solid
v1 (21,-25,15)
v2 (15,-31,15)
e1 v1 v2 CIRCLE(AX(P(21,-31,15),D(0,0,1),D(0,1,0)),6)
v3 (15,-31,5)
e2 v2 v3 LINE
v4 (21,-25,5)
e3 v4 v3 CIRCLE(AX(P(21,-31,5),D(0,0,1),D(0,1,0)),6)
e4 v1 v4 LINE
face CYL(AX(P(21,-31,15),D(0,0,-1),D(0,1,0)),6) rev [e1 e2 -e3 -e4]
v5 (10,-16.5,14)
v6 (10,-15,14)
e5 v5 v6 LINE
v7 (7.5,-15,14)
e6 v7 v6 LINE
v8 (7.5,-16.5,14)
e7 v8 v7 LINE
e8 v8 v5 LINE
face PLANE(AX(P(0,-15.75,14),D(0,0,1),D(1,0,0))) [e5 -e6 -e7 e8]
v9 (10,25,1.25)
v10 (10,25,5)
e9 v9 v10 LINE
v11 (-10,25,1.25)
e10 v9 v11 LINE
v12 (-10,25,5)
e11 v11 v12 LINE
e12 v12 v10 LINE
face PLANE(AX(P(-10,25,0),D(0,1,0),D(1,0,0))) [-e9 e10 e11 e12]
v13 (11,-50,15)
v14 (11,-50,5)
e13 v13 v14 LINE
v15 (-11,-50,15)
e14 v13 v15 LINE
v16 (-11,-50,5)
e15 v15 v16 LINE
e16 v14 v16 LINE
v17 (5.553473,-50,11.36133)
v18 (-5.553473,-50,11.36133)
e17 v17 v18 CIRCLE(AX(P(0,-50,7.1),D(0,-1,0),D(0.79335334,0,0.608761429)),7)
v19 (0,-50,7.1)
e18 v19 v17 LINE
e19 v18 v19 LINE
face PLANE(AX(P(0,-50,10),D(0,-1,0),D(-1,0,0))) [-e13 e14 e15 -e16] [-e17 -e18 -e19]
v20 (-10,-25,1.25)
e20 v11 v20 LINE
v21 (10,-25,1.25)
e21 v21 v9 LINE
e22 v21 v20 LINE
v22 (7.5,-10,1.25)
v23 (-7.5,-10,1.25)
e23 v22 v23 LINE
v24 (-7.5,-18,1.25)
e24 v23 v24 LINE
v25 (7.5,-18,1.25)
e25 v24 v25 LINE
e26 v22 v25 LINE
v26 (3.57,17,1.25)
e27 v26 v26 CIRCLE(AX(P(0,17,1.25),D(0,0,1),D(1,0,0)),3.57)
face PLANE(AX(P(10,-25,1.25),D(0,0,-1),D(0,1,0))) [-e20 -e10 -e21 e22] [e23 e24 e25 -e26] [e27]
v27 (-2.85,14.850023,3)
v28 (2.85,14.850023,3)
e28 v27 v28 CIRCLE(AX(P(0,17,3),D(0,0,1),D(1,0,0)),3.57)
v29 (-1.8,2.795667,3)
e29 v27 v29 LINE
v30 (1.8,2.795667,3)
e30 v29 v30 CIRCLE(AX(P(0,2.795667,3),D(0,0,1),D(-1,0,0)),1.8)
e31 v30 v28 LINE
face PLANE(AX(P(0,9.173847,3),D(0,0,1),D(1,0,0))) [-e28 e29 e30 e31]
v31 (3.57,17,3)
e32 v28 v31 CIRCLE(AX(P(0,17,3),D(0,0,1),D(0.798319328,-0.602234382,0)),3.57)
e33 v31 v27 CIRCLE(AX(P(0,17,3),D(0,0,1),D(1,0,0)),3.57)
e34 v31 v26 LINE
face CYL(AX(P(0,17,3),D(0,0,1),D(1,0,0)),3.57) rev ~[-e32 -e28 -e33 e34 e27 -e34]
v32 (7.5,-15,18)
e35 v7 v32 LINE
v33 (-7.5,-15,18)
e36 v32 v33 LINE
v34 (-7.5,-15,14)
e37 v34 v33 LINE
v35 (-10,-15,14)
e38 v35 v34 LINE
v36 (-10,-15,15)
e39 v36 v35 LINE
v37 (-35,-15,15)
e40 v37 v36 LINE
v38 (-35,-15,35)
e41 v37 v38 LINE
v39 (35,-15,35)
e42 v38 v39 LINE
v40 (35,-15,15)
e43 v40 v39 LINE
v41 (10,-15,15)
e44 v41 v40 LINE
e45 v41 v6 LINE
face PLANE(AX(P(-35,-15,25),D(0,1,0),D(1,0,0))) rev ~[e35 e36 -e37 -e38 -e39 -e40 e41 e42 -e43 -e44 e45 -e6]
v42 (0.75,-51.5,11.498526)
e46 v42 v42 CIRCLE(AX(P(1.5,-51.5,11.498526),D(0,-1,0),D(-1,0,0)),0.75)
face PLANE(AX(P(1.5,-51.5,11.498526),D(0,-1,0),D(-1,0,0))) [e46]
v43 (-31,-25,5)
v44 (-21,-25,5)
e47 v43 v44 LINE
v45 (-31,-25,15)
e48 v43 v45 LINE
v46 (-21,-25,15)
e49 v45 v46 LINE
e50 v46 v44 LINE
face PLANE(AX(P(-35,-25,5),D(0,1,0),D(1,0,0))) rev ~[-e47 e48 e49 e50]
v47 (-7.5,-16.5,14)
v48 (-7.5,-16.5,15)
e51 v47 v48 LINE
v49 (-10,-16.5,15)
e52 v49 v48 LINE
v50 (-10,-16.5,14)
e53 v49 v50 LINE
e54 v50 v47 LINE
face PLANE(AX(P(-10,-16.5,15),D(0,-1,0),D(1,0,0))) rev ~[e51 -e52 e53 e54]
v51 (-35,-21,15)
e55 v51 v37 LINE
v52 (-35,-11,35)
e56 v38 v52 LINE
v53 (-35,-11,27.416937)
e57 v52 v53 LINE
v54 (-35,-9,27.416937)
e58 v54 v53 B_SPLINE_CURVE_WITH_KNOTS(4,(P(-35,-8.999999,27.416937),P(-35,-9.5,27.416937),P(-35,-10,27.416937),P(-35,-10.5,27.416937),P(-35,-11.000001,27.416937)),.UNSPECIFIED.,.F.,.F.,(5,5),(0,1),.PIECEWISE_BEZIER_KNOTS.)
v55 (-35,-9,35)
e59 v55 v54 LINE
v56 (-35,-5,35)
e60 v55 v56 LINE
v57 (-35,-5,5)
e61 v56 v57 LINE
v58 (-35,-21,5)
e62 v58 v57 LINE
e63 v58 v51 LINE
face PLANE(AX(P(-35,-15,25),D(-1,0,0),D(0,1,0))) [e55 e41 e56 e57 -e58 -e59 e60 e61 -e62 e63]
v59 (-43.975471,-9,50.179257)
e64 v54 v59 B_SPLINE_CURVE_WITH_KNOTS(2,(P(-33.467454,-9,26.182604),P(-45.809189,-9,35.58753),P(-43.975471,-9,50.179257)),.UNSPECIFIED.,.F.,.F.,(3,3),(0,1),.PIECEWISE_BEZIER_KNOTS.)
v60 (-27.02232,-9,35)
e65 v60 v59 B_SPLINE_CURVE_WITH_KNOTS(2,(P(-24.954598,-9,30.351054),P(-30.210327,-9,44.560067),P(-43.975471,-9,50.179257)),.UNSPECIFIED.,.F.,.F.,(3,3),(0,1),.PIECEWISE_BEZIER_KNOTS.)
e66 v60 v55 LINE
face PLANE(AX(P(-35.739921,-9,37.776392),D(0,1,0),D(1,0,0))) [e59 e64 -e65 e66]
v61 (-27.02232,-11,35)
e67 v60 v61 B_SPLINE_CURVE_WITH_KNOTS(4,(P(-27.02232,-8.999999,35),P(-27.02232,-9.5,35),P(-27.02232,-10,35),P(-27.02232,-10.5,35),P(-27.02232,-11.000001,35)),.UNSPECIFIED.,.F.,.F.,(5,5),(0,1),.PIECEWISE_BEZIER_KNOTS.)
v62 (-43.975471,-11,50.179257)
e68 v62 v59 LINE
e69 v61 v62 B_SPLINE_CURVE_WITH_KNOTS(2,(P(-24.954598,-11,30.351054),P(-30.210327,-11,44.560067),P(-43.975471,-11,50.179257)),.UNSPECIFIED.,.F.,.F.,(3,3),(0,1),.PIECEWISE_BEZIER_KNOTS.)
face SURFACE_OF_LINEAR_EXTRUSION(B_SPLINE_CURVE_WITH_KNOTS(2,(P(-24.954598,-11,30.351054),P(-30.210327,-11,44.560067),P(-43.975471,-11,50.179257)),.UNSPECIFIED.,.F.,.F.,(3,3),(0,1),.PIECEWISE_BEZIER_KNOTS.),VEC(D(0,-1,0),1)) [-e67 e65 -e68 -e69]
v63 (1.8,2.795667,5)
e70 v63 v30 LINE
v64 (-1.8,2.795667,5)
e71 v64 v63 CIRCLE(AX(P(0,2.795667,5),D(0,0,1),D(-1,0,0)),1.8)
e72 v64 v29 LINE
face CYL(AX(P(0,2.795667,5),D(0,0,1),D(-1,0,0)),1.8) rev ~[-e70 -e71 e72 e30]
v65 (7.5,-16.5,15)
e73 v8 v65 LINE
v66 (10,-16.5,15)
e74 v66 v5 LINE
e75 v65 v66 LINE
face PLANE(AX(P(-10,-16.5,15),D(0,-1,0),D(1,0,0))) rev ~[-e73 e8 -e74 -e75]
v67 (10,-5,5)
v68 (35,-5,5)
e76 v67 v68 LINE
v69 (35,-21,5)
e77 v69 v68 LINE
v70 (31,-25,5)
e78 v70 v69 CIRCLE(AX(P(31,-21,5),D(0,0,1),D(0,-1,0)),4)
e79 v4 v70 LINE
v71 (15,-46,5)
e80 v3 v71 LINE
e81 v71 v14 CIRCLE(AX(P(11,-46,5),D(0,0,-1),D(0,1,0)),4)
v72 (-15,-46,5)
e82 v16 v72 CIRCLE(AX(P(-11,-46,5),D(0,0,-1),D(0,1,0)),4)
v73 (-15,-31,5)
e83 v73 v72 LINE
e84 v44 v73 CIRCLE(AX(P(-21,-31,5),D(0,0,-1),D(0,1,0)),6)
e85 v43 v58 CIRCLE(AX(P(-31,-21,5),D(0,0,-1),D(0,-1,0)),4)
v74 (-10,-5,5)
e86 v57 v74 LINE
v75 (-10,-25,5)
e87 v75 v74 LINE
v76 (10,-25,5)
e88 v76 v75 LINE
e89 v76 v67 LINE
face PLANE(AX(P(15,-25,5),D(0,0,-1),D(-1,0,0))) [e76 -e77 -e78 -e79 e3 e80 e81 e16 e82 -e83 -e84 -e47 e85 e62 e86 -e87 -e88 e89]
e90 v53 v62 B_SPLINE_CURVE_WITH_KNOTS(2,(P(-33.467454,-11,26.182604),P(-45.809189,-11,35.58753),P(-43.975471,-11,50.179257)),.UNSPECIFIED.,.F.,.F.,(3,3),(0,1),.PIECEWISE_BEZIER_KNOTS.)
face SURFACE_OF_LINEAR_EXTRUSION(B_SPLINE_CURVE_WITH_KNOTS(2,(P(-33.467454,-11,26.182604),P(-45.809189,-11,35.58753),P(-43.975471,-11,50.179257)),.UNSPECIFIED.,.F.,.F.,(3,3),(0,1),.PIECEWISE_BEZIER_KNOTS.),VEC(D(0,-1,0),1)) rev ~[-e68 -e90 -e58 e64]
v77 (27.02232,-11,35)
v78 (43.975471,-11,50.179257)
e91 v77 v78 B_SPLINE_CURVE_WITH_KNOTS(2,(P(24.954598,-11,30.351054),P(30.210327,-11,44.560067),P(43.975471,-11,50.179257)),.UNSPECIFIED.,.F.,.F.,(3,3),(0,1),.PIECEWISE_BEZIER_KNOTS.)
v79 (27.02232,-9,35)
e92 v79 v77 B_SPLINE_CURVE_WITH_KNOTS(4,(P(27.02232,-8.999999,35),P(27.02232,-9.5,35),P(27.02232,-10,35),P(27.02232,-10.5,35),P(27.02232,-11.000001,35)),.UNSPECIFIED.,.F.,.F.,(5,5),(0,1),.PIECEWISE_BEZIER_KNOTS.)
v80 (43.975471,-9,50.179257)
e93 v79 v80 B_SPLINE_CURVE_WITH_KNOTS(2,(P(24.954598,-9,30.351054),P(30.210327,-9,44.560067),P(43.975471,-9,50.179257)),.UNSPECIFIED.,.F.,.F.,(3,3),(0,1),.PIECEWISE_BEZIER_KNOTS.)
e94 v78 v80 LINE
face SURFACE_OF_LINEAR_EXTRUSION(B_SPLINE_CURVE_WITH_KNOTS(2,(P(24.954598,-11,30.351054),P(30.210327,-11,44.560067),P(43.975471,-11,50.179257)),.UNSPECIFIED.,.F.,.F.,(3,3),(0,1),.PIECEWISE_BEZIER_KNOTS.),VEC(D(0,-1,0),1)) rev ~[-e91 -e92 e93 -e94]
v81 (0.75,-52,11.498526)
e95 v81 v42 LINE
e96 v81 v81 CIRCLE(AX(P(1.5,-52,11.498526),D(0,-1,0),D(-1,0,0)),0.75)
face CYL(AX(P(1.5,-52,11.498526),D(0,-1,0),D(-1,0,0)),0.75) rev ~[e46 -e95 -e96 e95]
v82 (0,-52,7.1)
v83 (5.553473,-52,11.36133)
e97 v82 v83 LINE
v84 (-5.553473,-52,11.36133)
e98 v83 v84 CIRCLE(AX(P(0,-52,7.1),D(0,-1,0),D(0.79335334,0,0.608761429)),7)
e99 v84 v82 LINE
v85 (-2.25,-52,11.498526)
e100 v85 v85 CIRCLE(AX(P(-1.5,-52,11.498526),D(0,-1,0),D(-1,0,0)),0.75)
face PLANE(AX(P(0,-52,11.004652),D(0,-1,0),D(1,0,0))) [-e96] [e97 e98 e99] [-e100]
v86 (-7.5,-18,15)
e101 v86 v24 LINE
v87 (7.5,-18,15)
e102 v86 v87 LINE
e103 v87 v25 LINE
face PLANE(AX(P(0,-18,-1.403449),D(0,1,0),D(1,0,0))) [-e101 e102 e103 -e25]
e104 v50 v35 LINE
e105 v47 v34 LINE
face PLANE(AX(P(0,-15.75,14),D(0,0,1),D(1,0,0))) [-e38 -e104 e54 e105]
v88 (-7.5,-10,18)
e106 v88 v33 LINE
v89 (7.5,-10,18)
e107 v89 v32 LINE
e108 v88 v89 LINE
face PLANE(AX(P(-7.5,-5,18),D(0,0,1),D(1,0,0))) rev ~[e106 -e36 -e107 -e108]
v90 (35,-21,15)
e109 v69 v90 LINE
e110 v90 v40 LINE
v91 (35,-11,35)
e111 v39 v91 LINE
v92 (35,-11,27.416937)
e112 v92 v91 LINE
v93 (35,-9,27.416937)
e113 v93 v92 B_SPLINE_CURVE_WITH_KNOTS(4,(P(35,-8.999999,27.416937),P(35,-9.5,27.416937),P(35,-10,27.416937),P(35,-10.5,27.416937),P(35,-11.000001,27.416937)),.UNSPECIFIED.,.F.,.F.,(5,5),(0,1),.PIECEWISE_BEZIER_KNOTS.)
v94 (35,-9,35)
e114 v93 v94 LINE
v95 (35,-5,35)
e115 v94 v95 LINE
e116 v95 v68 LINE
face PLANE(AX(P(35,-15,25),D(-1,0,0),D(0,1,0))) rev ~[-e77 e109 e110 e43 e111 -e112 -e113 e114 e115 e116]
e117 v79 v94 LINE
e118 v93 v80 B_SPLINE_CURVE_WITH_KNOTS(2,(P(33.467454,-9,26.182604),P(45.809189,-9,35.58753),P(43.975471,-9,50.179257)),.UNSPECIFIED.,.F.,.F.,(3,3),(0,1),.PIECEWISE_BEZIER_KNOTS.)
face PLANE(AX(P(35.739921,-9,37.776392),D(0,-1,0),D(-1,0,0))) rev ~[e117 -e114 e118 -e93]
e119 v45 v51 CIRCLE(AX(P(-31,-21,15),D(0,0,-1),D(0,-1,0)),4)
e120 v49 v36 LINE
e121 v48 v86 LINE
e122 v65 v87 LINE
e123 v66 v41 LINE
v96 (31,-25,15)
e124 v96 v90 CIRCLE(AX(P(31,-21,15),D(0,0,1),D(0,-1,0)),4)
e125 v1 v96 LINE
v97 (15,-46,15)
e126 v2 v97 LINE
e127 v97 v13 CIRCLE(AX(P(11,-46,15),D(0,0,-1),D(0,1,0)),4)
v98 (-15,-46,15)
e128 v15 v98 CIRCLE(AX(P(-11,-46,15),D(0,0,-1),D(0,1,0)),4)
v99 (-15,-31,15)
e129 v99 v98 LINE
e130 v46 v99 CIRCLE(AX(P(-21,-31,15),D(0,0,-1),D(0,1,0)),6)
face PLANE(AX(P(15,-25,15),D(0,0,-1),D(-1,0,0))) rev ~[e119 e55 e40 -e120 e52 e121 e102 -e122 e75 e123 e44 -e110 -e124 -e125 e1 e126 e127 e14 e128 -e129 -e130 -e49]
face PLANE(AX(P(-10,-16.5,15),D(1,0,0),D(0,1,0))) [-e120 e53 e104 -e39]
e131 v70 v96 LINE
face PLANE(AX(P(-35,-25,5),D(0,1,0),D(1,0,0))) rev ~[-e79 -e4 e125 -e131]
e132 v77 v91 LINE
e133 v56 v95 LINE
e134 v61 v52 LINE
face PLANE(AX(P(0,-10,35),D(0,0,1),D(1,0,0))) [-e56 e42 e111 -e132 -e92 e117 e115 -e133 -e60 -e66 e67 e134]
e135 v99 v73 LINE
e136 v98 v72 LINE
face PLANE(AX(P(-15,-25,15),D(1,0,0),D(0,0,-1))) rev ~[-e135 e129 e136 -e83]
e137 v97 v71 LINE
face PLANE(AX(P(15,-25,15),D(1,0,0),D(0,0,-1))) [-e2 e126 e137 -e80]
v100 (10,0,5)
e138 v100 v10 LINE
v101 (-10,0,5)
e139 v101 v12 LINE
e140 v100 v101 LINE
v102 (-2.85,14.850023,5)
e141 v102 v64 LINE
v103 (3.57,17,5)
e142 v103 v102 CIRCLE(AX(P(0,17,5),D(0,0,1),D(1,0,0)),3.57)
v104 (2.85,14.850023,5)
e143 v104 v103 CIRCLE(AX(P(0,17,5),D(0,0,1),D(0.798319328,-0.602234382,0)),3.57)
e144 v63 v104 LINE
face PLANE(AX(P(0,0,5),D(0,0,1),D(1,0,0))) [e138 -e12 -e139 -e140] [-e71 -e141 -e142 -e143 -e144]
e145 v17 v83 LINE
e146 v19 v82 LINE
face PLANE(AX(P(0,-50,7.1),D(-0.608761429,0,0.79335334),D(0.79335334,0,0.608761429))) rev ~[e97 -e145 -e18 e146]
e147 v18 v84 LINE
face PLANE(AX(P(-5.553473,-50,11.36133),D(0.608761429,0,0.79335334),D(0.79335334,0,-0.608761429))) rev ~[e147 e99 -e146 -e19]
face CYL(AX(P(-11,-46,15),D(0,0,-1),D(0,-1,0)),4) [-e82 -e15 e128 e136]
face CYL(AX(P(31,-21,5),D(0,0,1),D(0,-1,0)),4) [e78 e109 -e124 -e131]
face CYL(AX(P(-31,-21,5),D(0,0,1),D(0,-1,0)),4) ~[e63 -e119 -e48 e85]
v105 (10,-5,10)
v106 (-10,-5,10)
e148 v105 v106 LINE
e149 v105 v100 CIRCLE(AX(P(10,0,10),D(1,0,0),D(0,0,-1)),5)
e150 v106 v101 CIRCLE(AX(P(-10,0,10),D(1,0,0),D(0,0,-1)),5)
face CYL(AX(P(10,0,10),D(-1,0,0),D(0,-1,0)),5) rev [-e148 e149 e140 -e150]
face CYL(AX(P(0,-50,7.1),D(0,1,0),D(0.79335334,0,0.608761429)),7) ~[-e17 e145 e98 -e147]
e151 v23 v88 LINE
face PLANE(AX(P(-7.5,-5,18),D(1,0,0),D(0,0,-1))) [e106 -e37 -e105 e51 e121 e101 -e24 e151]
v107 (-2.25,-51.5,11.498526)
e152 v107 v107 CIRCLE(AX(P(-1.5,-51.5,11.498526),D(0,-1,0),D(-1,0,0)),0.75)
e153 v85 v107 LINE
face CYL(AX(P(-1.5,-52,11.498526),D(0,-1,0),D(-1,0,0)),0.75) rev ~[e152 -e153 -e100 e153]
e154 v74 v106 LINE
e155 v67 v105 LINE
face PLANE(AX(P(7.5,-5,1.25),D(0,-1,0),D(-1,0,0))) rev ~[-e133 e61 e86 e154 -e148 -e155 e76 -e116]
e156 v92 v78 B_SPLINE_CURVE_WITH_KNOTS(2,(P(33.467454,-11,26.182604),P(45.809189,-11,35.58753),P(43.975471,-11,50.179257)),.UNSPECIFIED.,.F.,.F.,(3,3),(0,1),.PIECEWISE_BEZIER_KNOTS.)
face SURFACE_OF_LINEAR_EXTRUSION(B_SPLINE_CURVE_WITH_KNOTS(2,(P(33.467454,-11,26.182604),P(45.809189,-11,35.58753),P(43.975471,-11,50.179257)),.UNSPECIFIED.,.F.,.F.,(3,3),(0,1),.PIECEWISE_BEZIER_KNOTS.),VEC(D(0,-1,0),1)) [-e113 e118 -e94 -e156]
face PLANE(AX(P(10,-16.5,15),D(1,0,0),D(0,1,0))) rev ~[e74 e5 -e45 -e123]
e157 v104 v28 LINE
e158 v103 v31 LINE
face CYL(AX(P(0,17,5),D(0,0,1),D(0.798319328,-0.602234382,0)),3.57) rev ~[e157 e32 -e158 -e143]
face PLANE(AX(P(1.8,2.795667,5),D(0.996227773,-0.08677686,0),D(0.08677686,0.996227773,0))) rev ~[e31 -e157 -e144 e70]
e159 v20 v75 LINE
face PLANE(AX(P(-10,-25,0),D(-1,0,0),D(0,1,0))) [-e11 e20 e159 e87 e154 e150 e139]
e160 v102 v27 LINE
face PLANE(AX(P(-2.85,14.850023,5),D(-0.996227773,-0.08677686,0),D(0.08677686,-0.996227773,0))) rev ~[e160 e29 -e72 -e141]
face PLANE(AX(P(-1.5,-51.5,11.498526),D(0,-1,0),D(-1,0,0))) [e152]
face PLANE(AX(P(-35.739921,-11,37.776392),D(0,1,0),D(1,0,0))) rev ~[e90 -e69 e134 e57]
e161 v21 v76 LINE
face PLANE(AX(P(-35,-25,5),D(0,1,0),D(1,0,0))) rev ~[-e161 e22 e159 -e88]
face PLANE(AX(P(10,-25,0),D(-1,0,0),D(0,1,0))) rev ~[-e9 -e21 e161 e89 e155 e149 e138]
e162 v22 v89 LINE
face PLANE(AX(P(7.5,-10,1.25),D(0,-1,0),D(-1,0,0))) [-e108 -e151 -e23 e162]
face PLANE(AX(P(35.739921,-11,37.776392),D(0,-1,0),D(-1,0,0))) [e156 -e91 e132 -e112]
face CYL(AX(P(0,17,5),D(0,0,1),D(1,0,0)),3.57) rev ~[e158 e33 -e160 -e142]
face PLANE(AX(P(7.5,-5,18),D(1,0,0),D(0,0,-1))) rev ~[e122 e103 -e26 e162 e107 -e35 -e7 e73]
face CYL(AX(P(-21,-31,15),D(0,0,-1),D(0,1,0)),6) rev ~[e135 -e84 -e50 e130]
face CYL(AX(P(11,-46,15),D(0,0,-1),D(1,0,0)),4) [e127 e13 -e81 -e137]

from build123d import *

# Parameters (mm, degrees)
SKETCH3_W            = 20
SKETCH3_H            = 50
BOSS_EXTRUDE3_DEPTH  = 5
CUT_EXTRUDE2_DEPTH   = 2
SKETCH6_R            = 3.57
CUT_EXTRUDE3_DEPTH   = 3
SKETCH8_W            = 1.25
SKETCH8_H            = 50
CUT_EXTRUDE5_DEPTH   = 30
SKETCH9_W            = 70
SKETCH9_H            = 20
BOSS_EXTRUDE4_DEPTH  = 20
SKETCH10_W           = 70
SKETCH10_H           = 10
CUT_EXTRUDE6_DEPTH   = 10
SKETCH11_W           = 30
SKETCH11_H           = 10
BOSS_EXTRUDE5_DEPTH  = 25
SKETCH12_W           = 20
SKETCH12_H           = 1.5
CUT_EXTRUDE7_DEPTH   = 1
SKETCH13_W           = 15
SKETCH13_H           = 38.806898948
CUT_EXTRUDE8_DEPTH   = 13
BOSS_EXTRUDE6_DEPTH  = 2
SKETCH16_R           = 0.75
CUT_EXTRUDE9_DEPTH   = 0.5
SKETCH19_W           = 70
SKETCH19_H           = 10
BOSS_EXTRUDE8_DEPTH  = 10
BOSS_EXTRUDE9_DEPTH  = 2
FILLET1_R            = 6
FILLET2_R            = 4
SKETCH22_W           = 15
SKETCH22_H           = 5
BOSS_EXTRUDE10_DEPTH = 25
FILLET3_R            = 5


with BuildPart() as part:
    # Sketch3 → Boss-Extrude3 (new body)
    with BuildSketch(Plane.XY):
        Rectangle(SKETCH3_W, SKETCH3_H)
    extrude(amount=BOSS_EXTRUDE3_DEPTH)

    # Sketch4 → Cut-Extrude2 (cut)
    with BuildSketch(Plane.XY.offset(5)):
        with BuildLine():
            Line((-2.85, 14.850023256), (-1.8, 2.795667197))
            Line((-1.8, 2.795667197), (1.8, 2.795667197))
            Line((1.8, 2.795667197), (2.85, 14.850023256))
            ThreePointArc((2.85, 14.850023256), (0, 13.43), (-2.85, 14.850023256))
        make_face()
        with BuildLine():
            Line((1.8, 2.795667197), (-1.8, 2.795667197))
            ThreePointArc((-1.8, 2.795667197), (0, 0.995667197), (1.8, 2.795667197))
        make_face()
        with BuildLine():
            ThreePointArc((3.57, 17), (-1.133666618, 20.385217866), (-2.85, 14.850023256))
            Line((-2.85, 14.850023256), (2.85, 14.850023256))
            ThreePointArc((2.85, 14.850023256), (3.385217866, 15.866333382), (3.57, 17))
        make_face()
        with BuildLine():
            Line((2.85, 14.850023256), (-2.85, 14.850023256))
            ThreePointArc((-2.85, 14.850023256), (0, 13.43), (2.85, 14.850023256))
        make_face()
    extrude(amount=-CUT_EXTRUDE2_DEPTH, mode=Mode.SUBTRACT)

    # Sketch6 → Cut-Extrude3 (cut)
    with BuildSketch(Plane.XY.offset(3)):
        with Locations((0, 17)):
            Circle(SKETCH6_R)
    extrude(amount=-CUT_EXTRUDE3_DEPTH, mode=Mode.SUBTRACT)

    # Sketch8 → Cut-Extrude5 (cut)
    with BuildSketch(Plane(origin=(10, 0, 0), x_dir=(0, 0, -1), z_dir=(1, 0, 0))):
        with Locations((-0.625, 0)):
            Rectangle(SKETCH8_W, SKETCH8_H)
    extrude(amount=-CUT_EXTRUDE5_DEPTH, mode=Mode.SUBTRACT)

    # Sketch9 → Boss-Extrude4 (add)
    with BuildSketch(Plane.XY.offset(5)):
        with Locations((0, -15)):
            Rectangle(SKETCH9_W, SKETCH9_H)
    extrude(amount=BOSS_EXTRUDE4_DEPTH)

    # Sketch10 → Cut-Extrude6 (cut)
    with BuildSketch(Plane.XY.offset(25)):
        with Locations((0, -20)):
            Rectangle(SKETCH10_W, SKETCH10_H)
    extrude(amount=-CUT_EXTRUDE6_DEPTH, mode=Mode.SUBTRACT)

    # Sketch11 → Boss-Extrude5 (add)
    with BuildSketch(Plane(origin=(0, -25, 0), x_dir=(-1, 0, 0), z_dir=(0, -1, 0))):
        with Locations((0, -10)):
            Rectangle(SKETCH11_W, SKETCH11_H)
    extrude(amount=BOSS_EXTRUDE5_DEPTH)

    # Sketch12 → Cut-Extrude7 (cut)
    with BuildSketch(Plane.XY.offset(15)):
        with Locations((0, -15.75)):
            Rectangle(SKETCH12_W, SKETCH12_H)
    extrude(amount=-CUT_EXTRUDE7_DEPTH, mode=Mode.SUBTRACT)

    # Sketch13 → Cut-Extrude8 (cut)
    with BuildSketch(Plane(origin=(0, -5, 0), x_dir=(1, 0, 0), z_dir=(0, 1, 0))):
        with Locations((0, 1.403449474)):
            Rectangle(SKETCH13_W, SKETCH13_H)
    extrude(amount=-CUT_EXTRUDE8_DEPTH, mode=Mode.SUBTRACT)

    # Sketch15 → Boss-Extrude6 (add)
    with BuildSketch(Plane.XZ.offset(50)):
        with BuildLine():
            Line((0, 7.1), (5.553473382, 11.361330003))
            ThreePointArc((5.553473382, 11.361330003), (0, 14.1), (-5.553473382, 11.361330003))
            Line((-5.553473382, 11.361330003), (0, 7.1))
        make_face()
    extrude(amount=BOSS_EXTRUDE6_DEPTH)

    # Sketch16 → Cut-Extrude9 (cut)
    with BuildSketch(Plane(origin=(0, -52, 0), x_dir=(-1, 0, 0), z_dir=(0, -1, 0))):
        with Locations((-1.5, -11.498525774)):
            Circle(SKETCH16_R)
        with Locations((1.5, -11.498525774)):
            Circle(SKETCH16_R)
    extrude(amount=-CUT_EXTRUDE9_DEPTH, mode=Mode.SUBTRACT)

    # Sketch19 → Boss-Extrude8 (add)
    with BuildSketch(Plane.XY.offset(25)):
        with Locations((0, -10)):
            Rectangle(SKETCH19_W, SKETCH19_H)
    extrude(amount=BOSS_EXTRUDE8_DEPTH)

    # Sketch21 → Boss-Extrude9 (add)
    with BuildSketch(Plane(origin=(0, -11, 0), x_dir=(-1, 0, 0), z_dir=(0, -1, 0))):
        with BuildLine():
            Line((-24.95459775, -30.351053915), (-33.467453748, -26.18260363))
            add(Edge.make_bspline(
                [(-33.467453748, -26.18260363), (-45.809189014, -35.587529887), (-43.975470741, -50.179256657)],
                knots=[0, 0, 0, 1, 1, 1], degree=2))
            add(Edge.make_bspline(
                [(-24.95459775, -30.351053915), (-30.210326616, -44.560066847), (-43.975470741, -50.179256657)],
                knots=[0, 0, 0, 1, 1, 1], degree=2))
        make_face()
        with BuildLine():
            Line((24.95459775, -30.351053915), (33.467453748, -26.18260363))
            add(Edge.make_bspline(
                [(33.467453748, -26.18260363), (45.809189014, -35.587529887), (43.975470741, -50.179256657)],
                knots=[0, 0, 0, 1, 1, 1], degree=2))
            add(Edge.make_bspline(
                [(24.95459775, -30.351053915), (30.210326616, -44.560066847), (43.975470741, -50.179256657)],
                knots=[0, 0, 0, 1, 1, 1], degree=2))
        make_face()
    extrude(amount=-BOSS_EXTRUDE9_DEPTH)

    # Fillet1
    fillet1_edges = [part.edges().sort_by_distance(p)[0] for p in [
        (-15, -25, 10),
        (15, -25, 10),
    ]]
    fillet(fillet1_edges, radius=FILLET1_R)

    # Fillet2
    fillet2_edges = [part.edges().sort_by_distance(p)[0] for p in [
        (35, -25, 10),
        (-35, -25, 10),
        (-15, -50, 10),
        (15, -50, 10),
    ]]
    fillet(fillet2_edges, radius=FILLET2_R)

    # Sketch22 → Boss-Extrude10 (add)
    with BuildSketch(Plane(origin=(0, 0, 1.25), x_dir=(-1, 0, 0), z_dir=(0, 0, -1))):
        with Locations((0, -7.5)):
            Rectangle(SKETCH22_W, SKETCH22_H)
    extrude(amount=-BOSS_EXTRUDE10_DEPTH)

    # Fillet3
    fillet3_edges = [part.edges().sort_by_distance(p)[0] for p in [
        (0, -5, 5),
    ]]
    fillet(fillet3_edges, radius=FILLET3_R)


solid = part.part
